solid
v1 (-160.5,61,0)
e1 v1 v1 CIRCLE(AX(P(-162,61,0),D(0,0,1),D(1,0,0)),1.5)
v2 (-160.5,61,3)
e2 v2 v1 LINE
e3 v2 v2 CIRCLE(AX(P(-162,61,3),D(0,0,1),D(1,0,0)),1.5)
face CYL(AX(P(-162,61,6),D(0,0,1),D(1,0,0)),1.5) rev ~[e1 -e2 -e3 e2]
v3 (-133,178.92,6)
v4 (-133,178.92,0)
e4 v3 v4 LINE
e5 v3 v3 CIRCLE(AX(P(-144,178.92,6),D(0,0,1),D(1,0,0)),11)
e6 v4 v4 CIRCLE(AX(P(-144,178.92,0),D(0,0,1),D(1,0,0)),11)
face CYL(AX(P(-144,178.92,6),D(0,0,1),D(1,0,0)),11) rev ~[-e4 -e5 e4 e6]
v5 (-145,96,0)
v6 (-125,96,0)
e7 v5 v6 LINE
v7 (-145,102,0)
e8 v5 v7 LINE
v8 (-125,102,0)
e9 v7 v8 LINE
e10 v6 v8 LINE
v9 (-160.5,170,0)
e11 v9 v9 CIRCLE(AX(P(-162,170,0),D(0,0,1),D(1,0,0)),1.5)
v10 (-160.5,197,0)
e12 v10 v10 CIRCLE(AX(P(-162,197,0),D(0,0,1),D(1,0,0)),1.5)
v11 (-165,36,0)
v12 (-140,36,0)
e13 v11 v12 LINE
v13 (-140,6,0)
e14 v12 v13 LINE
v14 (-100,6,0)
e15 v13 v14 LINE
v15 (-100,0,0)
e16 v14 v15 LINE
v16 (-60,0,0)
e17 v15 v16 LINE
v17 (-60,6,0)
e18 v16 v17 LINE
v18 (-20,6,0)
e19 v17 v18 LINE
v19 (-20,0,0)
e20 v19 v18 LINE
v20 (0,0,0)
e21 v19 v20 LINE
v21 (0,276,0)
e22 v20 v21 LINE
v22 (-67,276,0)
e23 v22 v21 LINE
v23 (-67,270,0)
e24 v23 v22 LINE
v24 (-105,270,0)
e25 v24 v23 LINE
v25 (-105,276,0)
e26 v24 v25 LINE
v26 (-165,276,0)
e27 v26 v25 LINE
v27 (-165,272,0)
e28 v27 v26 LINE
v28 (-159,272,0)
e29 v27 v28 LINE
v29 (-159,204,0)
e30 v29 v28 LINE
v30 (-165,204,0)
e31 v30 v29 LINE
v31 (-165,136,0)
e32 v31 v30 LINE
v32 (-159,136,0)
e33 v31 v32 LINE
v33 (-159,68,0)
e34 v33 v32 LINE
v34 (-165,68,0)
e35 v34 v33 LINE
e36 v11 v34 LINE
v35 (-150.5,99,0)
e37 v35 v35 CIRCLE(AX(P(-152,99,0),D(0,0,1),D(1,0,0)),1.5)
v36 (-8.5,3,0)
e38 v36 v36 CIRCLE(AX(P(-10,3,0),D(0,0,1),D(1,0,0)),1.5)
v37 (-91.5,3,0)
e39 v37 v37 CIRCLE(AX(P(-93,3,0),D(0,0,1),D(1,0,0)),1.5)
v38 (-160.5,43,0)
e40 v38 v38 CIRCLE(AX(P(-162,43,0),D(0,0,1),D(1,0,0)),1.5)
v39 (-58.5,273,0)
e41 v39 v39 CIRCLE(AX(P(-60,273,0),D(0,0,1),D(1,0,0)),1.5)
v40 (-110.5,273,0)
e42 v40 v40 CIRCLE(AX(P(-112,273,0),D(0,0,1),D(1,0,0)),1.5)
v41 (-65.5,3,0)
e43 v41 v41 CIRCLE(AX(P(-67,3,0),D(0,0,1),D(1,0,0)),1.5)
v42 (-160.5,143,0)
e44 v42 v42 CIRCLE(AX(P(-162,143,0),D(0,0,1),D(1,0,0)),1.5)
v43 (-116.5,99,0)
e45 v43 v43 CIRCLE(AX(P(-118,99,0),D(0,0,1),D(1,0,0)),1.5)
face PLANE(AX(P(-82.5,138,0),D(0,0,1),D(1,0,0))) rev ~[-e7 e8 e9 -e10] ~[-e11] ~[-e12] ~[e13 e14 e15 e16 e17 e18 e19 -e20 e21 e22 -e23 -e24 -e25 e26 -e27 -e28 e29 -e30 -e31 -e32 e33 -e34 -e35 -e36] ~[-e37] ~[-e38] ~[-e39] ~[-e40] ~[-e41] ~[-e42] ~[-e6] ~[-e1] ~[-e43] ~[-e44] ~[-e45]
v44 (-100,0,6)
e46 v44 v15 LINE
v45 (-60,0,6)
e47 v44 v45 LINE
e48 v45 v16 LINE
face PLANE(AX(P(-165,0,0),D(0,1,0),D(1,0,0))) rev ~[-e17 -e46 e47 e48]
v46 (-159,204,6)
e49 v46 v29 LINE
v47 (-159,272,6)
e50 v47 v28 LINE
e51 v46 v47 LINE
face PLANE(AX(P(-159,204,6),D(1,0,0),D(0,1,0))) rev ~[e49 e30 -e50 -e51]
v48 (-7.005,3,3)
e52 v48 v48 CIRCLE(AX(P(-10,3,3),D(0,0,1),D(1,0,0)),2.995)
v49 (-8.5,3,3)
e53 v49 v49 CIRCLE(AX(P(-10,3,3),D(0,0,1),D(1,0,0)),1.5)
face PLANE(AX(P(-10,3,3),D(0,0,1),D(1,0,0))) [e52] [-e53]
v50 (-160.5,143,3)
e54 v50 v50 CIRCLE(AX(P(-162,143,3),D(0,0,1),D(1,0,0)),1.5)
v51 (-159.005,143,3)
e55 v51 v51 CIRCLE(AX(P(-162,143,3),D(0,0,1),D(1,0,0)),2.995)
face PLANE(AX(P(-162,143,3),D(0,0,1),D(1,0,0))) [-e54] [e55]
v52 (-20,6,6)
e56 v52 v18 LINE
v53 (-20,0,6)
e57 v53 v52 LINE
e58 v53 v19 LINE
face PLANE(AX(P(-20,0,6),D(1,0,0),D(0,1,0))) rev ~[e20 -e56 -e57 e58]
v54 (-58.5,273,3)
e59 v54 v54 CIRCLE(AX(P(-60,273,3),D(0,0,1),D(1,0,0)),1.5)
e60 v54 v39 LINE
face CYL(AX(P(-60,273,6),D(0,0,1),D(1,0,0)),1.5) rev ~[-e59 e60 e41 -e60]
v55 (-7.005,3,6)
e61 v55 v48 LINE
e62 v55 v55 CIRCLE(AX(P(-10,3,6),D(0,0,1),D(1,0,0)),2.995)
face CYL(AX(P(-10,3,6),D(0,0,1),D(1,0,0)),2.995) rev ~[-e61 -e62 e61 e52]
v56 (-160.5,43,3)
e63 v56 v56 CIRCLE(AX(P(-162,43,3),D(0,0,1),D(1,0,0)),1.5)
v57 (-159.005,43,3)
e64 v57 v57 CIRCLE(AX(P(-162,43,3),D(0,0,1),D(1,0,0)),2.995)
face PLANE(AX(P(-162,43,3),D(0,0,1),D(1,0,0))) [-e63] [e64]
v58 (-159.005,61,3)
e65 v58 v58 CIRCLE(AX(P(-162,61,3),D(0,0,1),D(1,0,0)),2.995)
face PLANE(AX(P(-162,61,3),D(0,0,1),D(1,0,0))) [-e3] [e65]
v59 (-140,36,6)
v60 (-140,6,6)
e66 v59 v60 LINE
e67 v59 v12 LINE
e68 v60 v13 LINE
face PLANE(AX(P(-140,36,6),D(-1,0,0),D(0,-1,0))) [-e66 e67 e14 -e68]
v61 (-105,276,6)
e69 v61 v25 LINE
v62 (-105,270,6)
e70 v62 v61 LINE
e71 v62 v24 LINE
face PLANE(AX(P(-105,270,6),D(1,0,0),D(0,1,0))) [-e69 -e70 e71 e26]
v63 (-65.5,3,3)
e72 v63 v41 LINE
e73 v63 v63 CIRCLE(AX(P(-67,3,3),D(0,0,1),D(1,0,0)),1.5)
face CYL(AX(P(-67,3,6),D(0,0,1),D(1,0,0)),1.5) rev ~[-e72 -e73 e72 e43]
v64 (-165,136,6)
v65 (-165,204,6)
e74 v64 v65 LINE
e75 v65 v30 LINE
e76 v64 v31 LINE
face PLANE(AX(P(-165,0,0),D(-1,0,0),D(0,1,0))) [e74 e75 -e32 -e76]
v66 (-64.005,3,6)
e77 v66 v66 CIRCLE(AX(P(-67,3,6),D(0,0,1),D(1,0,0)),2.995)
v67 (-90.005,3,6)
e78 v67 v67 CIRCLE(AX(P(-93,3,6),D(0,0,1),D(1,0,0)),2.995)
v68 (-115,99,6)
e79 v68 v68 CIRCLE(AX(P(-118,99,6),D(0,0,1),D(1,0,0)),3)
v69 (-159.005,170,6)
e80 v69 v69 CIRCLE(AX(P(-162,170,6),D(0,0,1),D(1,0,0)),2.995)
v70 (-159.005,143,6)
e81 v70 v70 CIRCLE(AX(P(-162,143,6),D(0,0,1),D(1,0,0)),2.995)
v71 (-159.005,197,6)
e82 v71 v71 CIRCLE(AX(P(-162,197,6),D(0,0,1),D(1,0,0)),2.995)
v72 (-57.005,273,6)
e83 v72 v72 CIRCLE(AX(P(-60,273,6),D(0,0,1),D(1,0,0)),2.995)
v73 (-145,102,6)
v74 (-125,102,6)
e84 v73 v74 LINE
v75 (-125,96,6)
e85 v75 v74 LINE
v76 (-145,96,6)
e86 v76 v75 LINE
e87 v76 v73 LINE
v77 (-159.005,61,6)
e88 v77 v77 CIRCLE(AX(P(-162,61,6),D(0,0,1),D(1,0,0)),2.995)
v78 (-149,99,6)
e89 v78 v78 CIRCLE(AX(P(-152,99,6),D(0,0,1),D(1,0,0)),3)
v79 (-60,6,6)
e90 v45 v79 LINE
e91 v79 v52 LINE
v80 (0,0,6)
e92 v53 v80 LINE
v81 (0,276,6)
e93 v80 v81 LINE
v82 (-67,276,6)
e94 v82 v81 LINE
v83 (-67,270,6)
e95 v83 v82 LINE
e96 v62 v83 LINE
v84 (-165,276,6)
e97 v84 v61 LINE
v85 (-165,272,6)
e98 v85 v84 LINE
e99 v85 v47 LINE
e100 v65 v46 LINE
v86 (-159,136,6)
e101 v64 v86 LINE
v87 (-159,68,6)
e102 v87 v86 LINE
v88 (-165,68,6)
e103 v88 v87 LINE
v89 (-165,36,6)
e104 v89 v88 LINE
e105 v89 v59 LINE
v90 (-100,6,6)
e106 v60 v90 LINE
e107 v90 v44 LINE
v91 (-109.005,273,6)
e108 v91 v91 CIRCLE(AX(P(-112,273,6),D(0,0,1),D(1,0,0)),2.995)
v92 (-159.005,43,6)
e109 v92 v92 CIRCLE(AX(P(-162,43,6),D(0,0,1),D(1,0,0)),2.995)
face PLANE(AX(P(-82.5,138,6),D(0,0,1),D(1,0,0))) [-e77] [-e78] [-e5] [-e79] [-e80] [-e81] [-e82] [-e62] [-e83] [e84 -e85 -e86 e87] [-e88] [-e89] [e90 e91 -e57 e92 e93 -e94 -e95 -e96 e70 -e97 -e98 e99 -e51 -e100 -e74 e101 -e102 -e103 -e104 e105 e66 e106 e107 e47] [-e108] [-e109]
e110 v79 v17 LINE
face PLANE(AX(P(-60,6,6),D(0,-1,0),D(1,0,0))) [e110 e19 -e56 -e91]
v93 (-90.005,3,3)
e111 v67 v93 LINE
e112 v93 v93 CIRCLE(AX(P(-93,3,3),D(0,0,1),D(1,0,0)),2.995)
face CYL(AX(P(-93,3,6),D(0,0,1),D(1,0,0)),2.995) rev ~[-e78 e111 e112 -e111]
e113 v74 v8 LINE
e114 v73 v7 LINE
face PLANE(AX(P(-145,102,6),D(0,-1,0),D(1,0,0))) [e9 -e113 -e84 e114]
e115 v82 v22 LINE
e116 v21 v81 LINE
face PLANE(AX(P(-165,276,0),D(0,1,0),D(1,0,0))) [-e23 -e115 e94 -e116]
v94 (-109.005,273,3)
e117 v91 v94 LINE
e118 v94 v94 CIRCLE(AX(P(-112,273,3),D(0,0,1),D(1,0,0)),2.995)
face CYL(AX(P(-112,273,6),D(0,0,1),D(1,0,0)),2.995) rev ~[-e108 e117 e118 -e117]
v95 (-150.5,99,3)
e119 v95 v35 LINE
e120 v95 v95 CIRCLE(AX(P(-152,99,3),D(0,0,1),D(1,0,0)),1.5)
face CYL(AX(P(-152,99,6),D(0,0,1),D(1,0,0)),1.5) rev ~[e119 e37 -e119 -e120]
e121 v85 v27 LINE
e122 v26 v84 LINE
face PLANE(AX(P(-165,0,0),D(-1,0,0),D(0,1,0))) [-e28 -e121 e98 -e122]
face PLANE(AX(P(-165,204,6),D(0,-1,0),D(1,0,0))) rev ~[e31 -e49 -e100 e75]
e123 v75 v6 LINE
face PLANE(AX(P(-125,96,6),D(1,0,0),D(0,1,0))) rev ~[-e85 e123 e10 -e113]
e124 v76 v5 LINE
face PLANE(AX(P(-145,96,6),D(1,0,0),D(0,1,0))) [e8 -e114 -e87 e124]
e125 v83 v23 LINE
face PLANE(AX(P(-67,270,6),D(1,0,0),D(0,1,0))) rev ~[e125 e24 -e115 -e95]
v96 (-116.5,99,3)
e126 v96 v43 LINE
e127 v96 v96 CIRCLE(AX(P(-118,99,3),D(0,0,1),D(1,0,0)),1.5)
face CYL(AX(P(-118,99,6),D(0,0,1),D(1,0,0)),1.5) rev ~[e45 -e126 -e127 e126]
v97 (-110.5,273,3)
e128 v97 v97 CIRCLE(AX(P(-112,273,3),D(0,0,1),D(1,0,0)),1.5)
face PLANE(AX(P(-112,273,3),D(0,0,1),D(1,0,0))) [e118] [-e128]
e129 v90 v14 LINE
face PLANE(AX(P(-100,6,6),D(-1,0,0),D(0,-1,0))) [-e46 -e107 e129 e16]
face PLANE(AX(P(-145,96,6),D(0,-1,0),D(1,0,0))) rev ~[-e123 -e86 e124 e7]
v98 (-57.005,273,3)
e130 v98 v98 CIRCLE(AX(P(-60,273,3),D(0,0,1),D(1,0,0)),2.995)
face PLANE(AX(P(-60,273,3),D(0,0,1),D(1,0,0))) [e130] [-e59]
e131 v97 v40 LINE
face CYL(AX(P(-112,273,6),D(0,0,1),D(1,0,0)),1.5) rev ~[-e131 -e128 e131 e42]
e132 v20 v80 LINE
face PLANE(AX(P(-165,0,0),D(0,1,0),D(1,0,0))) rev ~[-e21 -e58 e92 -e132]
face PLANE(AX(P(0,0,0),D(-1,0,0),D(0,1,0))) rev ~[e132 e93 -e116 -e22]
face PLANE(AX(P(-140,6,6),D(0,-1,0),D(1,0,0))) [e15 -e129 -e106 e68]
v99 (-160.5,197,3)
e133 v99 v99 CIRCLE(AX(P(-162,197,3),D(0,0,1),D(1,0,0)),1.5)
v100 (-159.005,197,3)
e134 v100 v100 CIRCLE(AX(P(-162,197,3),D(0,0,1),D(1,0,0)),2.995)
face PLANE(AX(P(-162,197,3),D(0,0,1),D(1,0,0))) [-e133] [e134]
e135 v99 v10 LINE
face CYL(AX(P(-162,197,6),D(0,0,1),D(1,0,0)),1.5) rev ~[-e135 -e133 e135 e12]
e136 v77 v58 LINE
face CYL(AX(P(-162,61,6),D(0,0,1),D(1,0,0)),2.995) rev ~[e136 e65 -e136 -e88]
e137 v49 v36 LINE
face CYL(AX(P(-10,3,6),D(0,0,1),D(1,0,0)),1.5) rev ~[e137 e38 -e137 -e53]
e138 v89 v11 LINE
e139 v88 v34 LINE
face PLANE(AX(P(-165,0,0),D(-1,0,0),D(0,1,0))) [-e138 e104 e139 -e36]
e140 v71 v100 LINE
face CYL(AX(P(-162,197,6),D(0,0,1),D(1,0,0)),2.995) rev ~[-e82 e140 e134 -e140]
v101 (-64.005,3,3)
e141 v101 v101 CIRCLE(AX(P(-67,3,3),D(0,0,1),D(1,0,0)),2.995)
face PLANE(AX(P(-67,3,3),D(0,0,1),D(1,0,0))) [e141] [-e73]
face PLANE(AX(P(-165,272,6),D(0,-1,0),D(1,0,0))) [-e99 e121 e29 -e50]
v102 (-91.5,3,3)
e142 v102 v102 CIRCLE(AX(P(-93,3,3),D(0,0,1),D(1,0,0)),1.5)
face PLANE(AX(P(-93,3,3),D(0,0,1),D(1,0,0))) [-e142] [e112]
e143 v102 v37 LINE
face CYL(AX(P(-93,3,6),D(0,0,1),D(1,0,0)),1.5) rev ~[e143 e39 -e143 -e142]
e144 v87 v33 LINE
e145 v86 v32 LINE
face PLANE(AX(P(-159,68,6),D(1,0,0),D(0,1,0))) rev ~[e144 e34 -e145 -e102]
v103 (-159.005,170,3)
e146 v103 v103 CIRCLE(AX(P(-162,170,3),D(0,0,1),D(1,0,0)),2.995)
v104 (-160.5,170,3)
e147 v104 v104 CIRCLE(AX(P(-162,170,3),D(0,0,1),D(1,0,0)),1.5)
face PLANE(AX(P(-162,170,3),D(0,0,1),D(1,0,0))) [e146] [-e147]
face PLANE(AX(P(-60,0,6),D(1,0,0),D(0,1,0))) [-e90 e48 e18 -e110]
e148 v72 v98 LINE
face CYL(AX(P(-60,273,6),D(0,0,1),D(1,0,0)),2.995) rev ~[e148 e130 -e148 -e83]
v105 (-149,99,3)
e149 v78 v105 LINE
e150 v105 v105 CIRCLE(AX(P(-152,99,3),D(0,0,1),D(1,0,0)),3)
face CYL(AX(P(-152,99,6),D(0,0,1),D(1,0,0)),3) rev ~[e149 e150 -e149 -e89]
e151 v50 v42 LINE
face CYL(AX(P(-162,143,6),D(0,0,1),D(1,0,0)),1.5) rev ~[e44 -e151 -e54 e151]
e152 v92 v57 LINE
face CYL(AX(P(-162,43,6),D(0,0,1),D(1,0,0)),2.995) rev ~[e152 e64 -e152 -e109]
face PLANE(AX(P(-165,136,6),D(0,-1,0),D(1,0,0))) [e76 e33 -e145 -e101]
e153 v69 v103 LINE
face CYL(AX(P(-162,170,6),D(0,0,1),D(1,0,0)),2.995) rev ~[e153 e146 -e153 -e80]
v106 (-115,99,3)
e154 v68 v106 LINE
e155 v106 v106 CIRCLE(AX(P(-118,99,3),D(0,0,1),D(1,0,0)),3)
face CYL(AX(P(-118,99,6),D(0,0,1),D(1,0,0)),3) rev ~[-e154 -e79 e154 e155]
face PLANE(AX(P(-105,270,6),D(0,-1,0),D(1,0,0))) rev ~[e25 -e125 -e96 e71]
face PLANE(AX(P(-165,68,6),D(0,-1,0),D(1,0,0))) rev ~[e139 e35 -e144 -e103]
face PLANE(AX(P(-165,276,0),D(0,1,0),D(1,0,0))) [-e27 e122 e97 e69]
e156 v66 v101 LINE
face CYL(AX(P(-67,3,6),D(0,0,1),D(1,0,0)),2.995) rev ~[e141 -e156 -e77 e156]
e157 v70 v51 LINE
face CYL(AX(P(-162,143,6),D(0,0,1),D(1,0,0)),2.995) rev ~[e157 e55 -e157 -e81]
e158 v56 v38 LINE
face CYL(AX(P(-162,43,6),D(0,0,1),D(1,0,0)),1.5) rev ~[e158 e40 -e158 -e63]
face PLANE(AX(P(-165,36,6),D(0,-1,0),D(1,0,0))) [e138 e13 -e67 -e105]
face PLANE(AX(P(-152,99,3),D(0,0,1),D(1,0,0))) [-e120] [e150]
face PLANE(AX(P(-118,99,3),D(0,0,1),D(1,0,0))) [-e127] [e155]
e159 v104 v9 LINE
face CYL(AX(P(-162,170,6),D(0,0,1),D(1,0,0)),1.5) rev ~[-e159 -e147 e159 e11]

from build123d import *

# Parameters (mm, degrees)
ESQUISSE1_W             = 165
ESQUISSE1_H             = 276
BOSS_EXTRU_1_DEPTH      = 6
ESQUISSE2_W             = 38
ESQUISSE2_H             = 6
ESQUISSE2_W_2           = 6
ESQUISSE2_H_2           = 68
ESQUISSE2_W_3           = 40
EXTERIEUR_DEPTH         = 10
ESQUISSE3_R             = 11
ESQUISSE3_W             = 20
ESQUISSE3_H             = 6
ENL_V_MAT_EXTRU_2_DEPTH = 322.616230934
ESQUISSE4_R             = 1.5
ENL_V_MAT_EXTRU_3_DEPTH = 322.616230934
ESQUISSE5_R             = 2.995
ESQUISSE5_R_2           = 3
ENL_V_MAT_EXTRU_4_DEPTH = 3


with BuildPart() as part:
    # Esquisse1 → Boss.-Extru.1 (new body)
    with BuildSketch(Plane.XY):
        with Locations((-82.5, 138)):
            Rectangle(ESQUISSE1_W, ESQUISSE1_H)
    extrude(amount=BOSS_EXTRU_1_DEPTH)

    # Esquisse2 → exterieur (cut)
    with BuildSketch(Plane.XY.offset(6)):
        with Locations((-86, 273)):
            Rectangle(ESQUISSE2_W, ESQUISSE2_H)
        with Locations((-162, 238)):
            Rectangle(ESQUISSE2_W_2, ESQUISSE2_H_2)
        with Locations((-162, 102)):
            Rectangle(ESQUISSE2_W_2, ESQUISSE2_H_2)
        Polygon((-140, 36), (-140, 6), (-100, 6), (-100, 0), (-165, 0), (-165, 36), align=None)
        with Locations((-40, 3)):
            Rectangle(ESQUISSE2_W_3, ESQUISSE2_H)
    extrude(amount=-EXTERIEUR_DEPTH, mode=Mode.SUBTRACT)

    # Esquisse3 → Enlèv. mat.-Extru.2 (cut, through all)
    with BuildSketch(Plane.XY.offset(6)):
        with Locations((-144, 178.92)):
            Circle(ESQUISSE3_R)
        with Locations((-135, 99)):
            Rectangle(ESQUISSE3_W, ESQUISSE3_H)
    extrude(amount=-ENL_V_MAT_EXTRU_2_DEPTH, mode=Mode.SUBTRACT)

    # Esquisse4 → Enlèv. mat.-Extru.3 (cut, through all)
    with BuildSketch(Plane.XY.offset(6)):
        with Locations((-60, 273)):
            Circle(ESQUISSE4_R)
        with Locations((-112, 273)):
            Circle(ESQUISSE4_R)
        with Locations((-162, 197)):
            Circle(ESQUISSE4_R)
        with Locations((-162, 170)):
            Circle(ESQUISSE4_R)
        with Locations((-162, 143)):
            Circle(ESQUISSE4_R)
        with Locations((-162, 61)):
            Circle(ESQUISSE4_R)
        with Locations((-162, 43)):
            Circle(ESQUISSE4_R)
        with Locations((-93, 3)):
            Circle(ESQUISSE4_R)
        with Locations((-67, 3)):
            Circle(ESQUISSE4_R)
        with Locations((-10, 3)):
            Circle(ESQUISSE4_R)
        with Locations((-152, 99)):
            Circle(ESQUISSE4_R)
        with Locations((-118, 99)):
            Circle(ESQUISSE4_R)
    extrude(amount=-ENL_V_MAT_EXTRU_3_DEPTH, mode=Mode.SUBTRACT)

    # Esquisse5 → Enlèv. mat.-Extru.4 (cut)
    with BuildSketch(Plane.XY.offset(6)):
        with Locations((-112, 273)):
            Circle(ESQUISSE5_R)
        with Locations((-60, 273)):
            Circle(ESQUISSE5_R)
        with Locations((-162, 197)):
            Circle(ESQUISSE5_R)
        with Locations((-162, 170)):
            Circle(ESQUISSE5_R)
        with Locations((-162, 143)):
            Circle(ESQUISSE5_R)
        with Locations((-162, 61)):
            Circle(ESQUISSE5_R)
        with Locations((-162, 43)):
            Circle(ESQUISSE5_R)
        with Locations((-93, 3)):
            Circle(ESQUISSE5_R)
        with Locations((-67, 3)):
            Circle(ESQUISSE5_R)
        with Locations((-10, 3)):
            Circle(ESQUISSE5_R)
        with Locations((-152, 99)):
            Circle(ESQUISSE5_R_2)
        with Locations((-118, 99)):
            Circle(ESQUISSE5_R_2)
    extrude(amount=-ENL_V_MAT_EXTRU_4_DEPTH, mode=Mode.SUBTRACT)


solid = part.part
